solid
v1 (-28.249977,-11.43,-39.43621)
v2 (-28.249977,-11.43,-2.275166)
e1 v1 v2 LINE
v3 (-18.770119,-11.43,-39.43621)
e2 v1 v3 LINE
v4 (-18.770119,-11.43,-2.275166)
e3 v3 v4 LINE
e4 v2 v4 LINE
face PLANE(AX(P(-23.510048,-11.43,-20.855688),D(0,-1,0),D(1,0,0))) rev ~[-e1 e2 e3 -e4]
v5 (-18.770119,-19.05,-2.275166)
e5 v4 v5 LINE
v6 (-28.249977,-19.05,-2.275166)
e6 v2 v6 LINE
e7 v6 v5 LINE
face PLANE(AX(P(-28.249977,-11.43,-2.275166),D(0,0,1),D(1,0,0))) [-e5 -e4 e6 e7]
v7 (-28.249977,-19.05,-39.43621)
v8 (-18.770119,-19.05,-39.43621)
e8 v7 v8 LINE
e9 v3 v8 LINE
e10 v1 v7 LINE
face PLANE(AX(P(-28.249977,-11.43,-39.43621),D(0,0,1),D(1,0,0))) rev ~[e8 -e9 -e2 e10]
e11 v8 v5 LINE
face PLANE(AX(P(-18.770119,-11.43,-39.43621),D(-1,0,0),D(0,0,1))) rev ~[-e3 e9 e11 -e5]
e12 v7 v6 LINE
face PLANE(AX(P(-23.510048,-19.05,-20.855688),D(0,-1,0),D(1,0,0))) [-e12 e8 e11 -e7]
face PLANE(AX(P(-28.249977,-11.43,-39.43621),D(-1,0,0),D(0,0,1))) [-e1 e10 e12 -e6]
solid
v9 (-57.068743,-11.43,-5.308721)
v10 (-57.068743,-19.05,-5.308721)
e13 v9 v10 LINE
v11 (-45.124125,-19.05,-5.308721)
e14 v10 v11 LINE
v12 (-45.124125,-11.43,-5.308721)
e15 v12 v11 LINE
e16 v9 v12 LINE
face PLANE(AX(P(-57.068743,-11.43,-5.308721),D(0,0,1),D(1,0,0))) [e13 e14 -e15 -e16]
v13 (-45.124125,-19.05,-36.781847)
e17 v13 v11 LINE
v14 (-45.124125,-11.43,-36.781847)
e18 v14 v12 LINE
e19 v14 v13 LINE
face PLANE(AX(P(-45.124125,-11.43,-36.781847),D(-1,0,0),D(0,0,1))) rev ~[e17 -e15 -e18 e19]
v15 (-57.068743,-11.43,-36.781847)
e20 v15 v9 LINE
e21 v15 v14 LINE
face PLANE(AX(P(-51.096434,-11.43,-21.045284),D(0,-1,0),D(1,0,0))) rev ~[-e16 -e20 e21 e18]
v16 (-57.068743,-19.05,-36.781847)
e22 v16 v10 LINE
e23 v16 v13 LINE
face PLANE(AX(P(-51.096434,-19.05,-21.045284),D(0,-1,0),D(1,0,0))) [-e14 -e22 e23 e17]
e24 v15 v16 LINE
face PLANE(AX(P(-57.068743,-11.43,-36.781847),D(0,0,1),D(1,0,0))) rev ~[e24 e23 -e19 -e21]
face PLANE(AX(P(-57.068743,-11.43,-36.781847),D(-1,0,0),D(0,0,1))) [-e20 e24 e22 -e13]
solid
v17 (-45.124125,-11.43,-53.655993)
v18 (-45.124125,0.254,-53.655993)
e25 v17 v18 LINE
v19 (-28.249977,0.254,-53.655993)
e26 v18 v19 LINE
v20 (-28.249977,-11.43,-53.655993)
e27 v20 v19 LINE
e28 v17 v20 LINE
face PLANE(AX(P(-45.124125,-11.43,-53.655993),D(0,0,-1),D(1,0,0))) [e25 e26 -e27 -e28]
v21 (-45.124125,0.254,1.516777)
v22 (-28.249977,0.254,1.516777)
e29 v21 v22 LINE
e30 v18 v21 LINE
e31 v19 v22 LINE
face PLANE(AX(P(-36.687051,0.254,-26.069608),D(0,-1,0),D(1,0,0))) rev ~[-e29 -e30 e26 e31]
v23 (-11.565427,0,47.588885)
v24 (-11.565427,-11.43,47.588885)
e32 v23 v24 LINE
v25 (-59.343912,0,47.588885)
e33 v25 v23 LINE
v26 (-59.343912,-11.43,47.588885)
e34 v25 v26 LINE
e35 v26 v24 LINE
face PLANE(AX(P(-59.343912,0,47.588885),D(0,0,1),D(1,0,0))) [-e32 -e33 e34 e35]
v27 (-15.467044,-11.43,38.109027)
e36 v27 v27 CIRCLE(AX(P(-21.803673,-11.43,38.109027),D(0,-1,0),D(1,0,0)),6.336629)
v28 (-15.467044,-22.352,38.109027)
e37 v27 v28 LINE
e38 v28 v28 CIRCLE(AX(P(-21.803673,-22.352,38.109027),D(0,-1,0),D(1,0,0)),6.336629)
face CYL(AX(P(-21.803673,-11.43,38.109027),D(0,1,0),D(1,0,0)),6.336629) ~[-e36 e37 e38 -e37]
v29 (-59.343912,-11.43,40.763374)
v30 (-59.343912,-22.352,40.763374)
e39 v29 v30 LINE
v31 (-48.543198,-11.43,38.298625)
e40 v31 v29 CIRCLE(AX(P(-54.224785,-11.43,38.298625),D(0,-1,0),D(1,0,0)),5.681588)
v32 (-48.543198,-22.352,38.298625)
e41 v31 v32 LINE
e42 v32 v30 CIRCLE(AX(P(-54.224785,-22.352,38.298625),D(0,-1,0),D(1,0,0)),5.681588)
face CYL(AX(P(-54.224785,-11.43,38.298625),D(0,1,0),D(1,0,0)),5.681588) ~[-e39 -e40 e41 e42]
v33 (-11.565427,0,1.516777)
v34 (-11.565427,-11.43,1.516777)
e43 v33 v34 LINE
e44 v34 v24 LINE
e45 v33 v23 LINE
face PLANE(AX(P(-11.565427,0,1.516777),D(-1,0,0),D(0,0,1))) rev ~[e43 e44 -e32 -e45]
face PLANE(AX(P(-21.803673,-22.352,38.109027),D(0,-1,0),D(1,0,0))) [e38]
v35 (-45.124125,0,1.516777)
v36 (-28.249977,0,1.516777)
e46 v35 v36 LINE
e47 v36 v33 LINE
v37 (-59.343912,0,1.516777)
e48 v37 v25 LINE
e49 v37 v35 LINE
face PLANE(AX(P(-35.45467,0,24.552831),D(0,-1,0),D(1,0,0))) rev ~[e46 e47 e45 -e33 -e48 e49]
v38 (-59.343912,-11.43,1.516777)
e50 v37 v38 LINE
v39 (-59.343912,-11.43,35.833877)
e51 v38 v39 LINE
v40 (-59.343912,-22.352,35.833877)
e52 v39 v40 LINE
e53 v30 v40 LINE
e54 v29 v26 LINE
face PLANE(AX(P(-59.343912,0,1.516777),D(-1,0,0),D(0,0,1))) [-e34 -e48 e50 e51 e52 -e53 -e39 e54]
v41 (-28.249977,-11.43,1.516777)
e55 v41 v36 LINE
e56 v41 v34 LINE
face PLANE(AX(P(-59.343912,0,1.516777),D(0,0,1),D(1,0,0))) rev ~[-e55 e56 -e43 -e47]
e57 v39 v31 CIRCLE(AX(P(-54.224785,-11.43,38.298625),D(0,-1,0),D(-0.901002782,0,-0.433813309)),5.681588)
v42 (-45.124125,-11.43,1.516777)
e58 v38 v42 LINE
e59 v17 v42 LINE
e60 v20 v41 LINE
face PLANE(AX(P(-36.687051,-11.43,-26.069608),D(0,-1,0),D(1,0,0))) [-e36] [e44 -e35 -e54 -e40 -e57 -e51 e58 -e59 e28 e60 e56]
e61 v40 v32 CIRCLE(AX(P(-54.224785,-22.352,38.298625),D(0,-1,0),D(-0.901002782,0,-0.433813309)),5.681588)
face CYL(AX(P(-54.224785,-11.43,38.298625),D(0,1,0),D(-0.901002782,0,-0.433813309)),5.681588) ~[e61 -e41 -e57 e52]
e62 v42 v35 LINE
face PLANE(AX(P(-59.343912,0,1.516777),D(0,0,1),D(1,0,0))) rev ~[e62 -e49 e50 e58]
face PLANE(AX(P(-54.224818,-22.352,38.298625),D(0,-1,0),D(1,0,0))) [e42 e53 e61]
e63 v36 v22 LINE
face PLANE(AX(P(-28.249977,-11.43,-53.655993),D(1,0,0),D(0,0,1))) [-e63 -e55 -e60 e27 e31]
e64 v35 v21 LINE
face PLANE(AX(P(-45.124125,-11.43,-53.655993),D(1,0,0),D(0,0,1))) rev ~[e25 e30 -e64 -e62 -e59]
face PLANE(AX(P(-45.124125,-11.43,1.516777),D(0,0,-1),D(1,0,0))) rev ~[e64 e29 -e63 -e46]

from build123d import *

# Parameters (mm, degrees)
F0_W     = 47.7784844115
F0_H     = 46.0721075069
F1_DEPTH = 11.43
F2_R     = 6.3366292435
F3_DEPTH = 10.922
F4_W     = 16.8741475791
F4_H     = 55.1727705169
F5_DEPTH = 11.684
F6_W     = 11.9446180761
F6_H     = 31.4731267281
F7_DEPTH = 7.62
F6_W_2   = 9.4798579812
F6_H_2   = 37.1610440779


with BuildPart() as f1:
    # F0 (on Front) → F1 (new body)
    with BuildSketch(Plane.XZ):
        with Locations((-35.4546695016, 24.552831077)):
            Rectangle(F0_W, F0_H)
    extrude(amount=F1_DEPTH)

    # F2 (on face) → F3 (join)
    with BuildSketch(Plane.XZ.offset(11.43)):
        with Locations((-21.8036733568, 38.1090268493)):
            Circle(F2_R)
        with BuildLine():
            ThreePointArc((-59.3439117074, 35.8338771532), (-52.9607297218, 32.7594376902), (-48.5431977535, 38.298625499))
            ThreePointArc((-48.5431977535, 38.298625499), (-52.9607297218, 43.8378133078), (-59.3439117074, 40.7633738449))
            Line((-59.3439117074, 40.7633738449), (-59.3439117074, 35.8338771532))
        make_face()
    extrude(amount=F3_DEPTH)

    # F4 (on face) → F5 (join)
    with BuildSketch(Plane.XZ.offset(11.43)):
        with Locations((-36.6870509461, -26.0696079349)):
            Rectangle(F4_W, F4_H)
    extrude(amount=-F5_DEPTH)


with BuildPart() as f7:
    # F6 (on face) → F7 (new body)
    with BuildSketch(Plane.XZ.offset(11.43)):
        with Locations((-51.0964337736, -21.0452841129)):
            Rectangle(F6_W, F6_H)
    extrude(amount=F7_DEPTH)


with BuildPart() as f7b:
    # F6 (on face) → F7, piece 2 (new body)
    with BuildSketch(Plane.XZ.offset(11.43)):
        with Locations((-23.5100481659, -20.8556879079)):
            Rectangle(F6_W_2, F6_H_2)
    extrude(amount=F7_DEPTH)


solid = Compound([f1.part, f7.part, f7b.part])
